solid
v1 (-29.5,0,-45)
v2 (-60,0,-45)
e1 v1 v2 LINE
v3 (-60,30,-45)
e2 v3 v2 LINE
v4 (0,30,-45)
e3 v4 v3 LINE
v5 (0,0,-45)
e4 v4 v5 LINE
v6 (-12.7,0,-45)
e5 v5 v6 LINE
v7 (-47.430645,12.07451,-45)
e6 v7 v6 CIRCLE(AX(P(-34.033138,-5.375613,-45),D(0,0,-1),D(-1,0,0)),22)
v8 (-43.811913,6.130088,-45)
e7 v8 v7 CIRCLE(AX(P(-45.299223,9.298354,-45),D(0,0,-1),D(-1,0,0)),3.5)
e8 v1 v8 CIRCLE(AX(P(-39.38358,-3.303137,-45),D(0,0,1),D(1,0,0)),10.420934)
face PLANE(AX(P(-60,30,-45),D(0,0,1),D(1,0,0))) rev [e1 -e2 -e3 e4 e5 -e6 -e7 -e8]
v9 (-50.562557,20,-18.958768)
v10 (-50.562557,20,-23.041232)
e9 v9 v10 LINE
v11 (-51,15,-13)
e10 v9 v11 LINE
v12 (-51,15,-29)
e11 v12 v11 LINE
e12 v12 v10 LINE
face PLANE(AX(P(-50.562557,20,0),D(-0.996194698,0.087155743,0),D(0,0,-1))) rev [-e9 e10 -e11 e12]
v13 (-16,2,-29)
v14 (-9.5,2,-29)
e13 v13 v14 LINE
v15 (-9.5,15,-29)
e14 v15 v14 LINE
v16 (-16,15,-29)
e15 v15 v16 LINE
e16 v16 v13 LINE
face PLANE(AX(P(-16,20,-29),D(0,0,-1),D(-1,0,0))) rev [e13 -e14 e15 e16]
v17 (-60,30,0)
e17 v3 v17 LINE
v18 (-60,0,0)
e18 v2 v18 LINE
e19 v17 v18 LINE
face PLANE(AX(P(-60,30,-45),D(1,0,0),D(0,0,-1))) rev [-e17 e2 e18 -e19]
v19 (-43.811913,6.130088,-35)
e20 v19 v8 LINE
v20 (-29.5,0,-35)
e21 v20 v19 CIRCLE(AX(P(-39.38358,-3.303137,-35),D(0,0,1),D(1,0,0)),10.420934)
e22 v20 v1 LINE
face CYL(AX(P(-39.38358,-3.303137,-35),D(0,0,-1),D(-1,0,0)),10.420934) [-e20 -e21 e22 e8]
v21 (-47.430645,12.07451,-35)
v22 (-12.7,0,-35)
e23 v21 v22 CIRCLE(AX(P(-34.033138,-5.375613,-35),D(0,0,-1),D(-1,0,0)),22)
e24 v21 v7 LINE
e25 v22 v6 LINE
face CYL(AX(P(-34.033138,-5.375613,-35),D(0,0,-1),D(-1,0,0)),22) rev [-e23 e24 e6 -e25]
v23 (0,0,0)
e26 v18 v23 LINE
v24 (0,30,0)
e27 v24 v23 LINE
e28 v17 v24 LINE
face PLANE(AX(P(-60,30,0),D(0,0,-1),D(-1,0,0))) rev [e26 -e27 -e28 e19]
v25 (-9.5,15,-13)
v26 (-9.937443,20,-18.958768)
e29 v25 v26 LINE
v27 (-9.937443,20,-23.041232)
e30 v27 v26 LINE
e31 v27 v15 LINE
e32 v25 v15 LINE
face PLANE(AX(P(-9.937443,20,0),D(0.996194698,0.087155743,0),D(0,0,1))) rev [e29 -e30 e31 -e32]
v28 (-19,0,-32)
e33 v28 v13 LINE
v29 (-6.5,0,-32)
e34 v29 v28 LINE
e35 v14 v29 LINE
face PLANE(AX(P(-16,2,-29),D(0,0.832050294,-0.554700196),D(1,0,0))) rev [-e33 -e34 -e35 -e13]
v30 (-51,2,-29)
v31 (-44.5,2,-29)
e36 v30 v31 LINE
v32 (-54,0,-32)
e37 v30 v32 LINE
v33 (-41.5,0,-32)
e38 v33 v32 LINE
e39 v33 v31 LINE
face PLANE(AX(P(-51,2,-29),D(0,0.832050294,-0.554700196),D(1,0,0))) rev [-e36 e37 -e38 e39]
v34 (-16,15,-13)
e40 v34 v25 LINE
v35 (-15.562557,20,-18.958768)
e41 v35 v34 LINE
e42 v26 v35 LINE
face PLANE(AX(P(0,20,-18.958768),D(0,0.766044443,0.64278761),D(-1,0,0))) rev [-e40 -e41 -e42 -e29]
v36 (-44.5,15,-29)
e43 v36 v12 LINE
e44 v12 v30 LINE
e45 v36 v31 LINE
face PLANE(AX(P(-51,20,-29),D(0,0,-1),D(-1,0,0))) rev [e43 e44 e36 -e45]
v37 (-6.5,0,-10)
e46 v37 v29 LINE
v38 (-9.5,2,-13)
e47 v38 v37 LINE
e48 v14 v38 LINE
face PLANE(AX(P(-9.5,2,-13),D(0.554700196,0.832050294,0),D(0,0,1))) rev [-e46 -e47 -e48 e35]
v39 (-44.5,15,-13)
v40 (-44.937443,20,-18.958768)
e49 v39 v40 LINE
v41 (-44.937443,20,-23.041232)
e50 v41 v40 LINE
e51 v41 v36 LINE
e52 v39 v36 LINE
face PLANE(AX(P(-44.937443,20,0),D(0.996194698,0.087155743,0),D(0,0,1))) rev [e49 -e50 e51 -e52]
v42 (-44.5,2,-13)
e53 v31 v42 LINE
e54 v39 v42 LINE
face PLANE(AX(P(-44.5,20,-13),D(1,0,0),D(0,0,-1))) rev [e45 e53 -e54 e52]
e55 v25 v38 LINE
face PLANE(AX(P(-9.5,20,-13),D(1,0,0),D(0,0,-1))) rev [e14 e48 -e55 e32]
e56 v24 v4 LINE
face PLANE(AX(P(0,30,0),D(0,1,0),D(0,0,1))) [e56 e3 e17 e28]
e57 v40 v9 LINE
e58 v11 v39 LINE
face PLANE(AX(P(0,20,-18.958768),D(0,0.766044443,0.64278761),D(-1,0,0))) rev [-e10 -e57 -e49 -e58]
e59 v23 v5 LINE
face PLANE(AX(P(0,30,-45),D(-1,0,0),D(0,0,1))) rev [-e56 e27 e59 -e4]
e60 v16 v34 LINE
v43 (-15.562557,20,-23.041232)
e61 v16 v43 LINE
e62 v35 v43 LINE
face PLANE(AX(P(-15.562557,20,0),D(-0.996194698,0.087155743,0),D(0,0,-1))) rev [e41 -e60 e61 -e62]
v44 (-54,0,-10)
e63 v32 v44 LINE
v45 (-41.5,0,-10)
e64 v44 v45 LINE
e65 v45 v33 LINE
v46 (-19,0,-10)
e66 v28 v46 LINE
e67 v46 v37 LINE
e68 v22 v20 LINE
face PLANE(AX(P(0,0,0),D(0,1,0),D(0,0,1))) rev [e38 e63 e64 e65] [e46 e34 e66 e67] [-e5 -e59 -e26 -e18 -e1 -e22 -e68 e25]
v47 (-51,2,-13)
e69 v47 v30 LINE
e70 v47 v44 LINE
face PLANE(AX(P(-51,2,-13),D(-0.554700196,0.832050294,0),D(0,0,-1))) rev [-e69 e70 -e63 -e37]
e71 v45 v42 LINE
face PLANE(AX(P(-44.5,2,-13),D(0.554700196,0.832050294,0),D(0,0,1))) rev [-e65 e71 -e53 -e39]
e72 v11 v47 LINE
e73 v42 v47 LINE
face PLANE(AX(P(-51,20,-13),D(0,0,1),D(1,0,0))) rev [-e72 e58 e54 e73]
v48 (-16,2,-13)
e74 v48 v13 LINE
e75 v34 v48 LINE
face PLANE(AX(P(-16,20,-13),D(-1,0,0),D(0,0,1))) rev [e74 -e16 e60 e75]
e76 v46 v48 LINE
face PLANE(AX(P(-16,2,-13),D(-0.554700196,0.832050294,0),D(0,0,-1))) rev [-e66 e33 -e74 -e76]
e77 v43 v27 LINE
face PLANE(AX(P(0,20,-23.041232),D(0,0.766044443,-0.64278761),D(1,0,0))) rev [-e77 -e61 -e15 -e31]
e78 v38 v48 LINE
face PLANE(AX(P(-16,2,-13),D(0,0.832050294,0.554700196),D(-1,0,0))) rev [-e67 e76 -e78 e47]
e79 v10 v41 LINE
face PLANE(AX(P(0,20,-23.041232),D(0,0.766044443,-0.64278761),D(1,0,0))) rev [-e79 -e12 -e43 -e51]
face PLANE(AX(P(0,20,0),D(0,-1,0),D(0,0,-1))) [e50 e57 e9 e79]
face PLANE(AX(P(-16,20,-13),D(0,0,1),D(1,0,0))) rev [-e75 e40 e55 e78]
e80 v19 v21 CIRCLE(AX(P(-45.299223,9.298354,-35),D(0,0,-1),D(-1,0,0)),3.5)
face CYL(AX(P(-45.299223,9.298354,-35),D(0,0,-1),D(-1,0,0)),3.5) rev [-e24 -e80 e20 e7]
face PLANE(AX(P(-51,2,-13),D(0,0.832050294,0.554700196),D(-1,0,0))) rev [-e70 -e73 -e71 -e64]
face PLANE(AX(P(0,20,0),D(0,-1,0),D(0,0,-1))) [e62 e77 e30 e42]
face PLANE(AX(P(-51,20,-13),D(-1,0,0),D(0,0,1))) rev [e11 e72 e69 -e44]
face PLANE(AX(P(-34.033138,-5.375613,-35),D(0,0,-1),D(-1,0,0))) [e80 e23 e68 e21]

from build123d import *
from OCP.BRepFilletAPI import BRepFilletAPI_MakeChamfer

# Parameters (mm, degrees)
SKETCH1_W           = 60
SKETCH1_H           = 45
BOSS_EXTRUDE1_DEPTH = 30
SKETCH2_W           = 6.5
SKETCH2_H           = 16
CUT_EXTRUDE1_DEPTH  = 20
CHAMFER1_SIZE       = 5
CHAMFER1_SIZE2      = 0.437443318
CHAMFER2_SIZE       = 5
CHAMFER2_SIZE2      = 5.958767963
CUT_EXTRUDE2_DEPTH  = 10
CHAMFER3_SIZE       = 3
CHAMFER3_SIZE2      = 2


with BuildPart() as part:
    # Sketch1 → Boss-Extrude1 (new body)
    with BuildSketch(Plane(origin=(0, 0, 0), x_dir=(1, 0, 0), z_dir=(0, 1, 0))):
        with Locations((-30, 22.5)):
            Rectangle(SKETCH1_W, SKETCH1_H)
    extrude(amount=BOSS_EXTRUDE1_DEPTH)

    # Sketch2 → Cut-Extrude1 (cut)
    with BuildSketch(Plane(origin=(0, 0, 0), x_dir=(-1, 0, 0), z_dir=(0, -1, 0))):
        with Locations((47.75, 21)):
            Rectangle(SKETCH2_W, SKETCH2_H)
        with Locations((12.75, 21)):
            Rectangle(SKETCH2_W, SKETCH2_H)
    extrude(amount=-CUT_EXTRUDE1_DEPTH, mode=Mode.SUBTRACT)

    # Chamfer1: one chamfer whose edges measure the first distance from different faces: ONE call of the kernel's chamfer builder (chamfer() names one face for all edges)
    chamfer1_edges_1 = [part.edges().sort_by_distance(p)[0] for p in [
        (-51, 20, -21),
    ]]
    chamfer1_side_1 = [part.faces().sort_by_distance(p)[0] for p in [
        (-51, 10, -21),
    ]]
    chamfer1_edges_2 = [part.edges().sort_by_distance(p)[0] for p in [
        (-44.5, 20, -21),
    ]]
    chamfer1_side_2 = [part.faces().sort_by_distance(p)[0] for p in [
        (-44.5, 10, -21),
    ]]
    chamfer1_edges_3 = [part.edges().sort_by_distance(p)[0] for p in [
        (-16, 20, -21),
    ]]
    chamfer1_side_3 = [part.faces().sort_by_distance(p)[0] for p in [
        (-16, 10, -21),
    ]]
    chamfer1_edges_4 = [part.edges().sort_by_distance(p)[0] for p in [
        (-9.5, 20, -21),
    ]]
    chamfer1_side_4 = [part.faces().sort_by_distance(p)[0] for p in [
        (-9.5, 10, -21),
    ]]
    chamfer1 = BRepFilletAPI_MakeChamfer(part.part.solid().wrapped)
    for e in chamfer1_edges_1:
        chamfer1.Add(CHAMFER1_SIZE, CHAMFER1_SIZE2, e.wrapped, chamfer1_side_1[0].wrapped)  # the first distance lies on this face
    for e in chamfer1_edges_2:
        chamfer1.Add(CHAMFER1_SIZE, CHAMFER1_SIZE2, e.wrapped, chamfer1_side_2[0].wrapped)  # the first distance lies on this face
    for e in chamfer1_edges_3:
        chamfer1.Add(CHAMFER1_SIZE, CHAMFER1_SIZE2, e.wrapped, chamfer1_side_3[0].wrapped)  # the first distance lies on this face
    for e in chamfer1_edges_4:
        chamfer1.Add(CHAMFER1_SIZE, CHAMFER1_SIZE2, e.wrapped, chamfer1_side_4[0].wrapped)  # the first distance lies on this face
    add(Compound.cast(chamfer1.Shape()), mode=Mode.REPLACE)

    # Chamfer2: one chamfer whose edges measure the first distance from different faces: ONE call of the kernel's chamfer builder (chamfer() names one face for all edges)
    chamfer2_edges_1 = [part.edges().sort_by_distance(p)[0] for p in [
        (-47.75, 20, -29),
    ]]
    chamfer2_side_1 = [part.faces().sort_by_distance(p)[0] for p in [
        (-47.75, 9.857394508, -29),
    ]]
    chamfer2_edges_2 = [part.edges().sort_by_distance(p)[0] for p in [
        (-12.75, 20, -29),
    ]]
    chamfer2_side_2 = [part.faces().sort_by_distance(p)[0] for p in [
        (-12.75, 9.857394508, -29),
    ]]
    chamfer2_edges_3 = [part.edges().sort_by_distance(p)[0] for p in [
        (-12.75, 20, -13),
    ]]
    chamfer2_side_3 = [part.faces().sort_by_distance(p)[0] for p in [
        (-12.75, 9.857394508, -13),
    ]]
    chamfer2_edges_4 = [part.edges().sort_by_distance(p)[0] for p in [
        (-47.75, 20, -13),
    ]]
    chamfer2_side_4 = [part.faces().sort_by_distance(p)[0] for p in [
        (-47.75, 9.857394508, -13),
    ]]
    chamfer2 = BRepFilletAPI_MakeChamfer(part.part.solid().wrapped)
    for e in chamfer2_edges_1:
        chamfer2.Add(CHAMFER2_SIZE, CHAMFER2_SIZE2, e.wrapped, chamfer2_side_1[0].wrapped)  # the first distance lies on this face
    for e in chamfer2_edges_2:
        chamfer2.Add(CHAMFER2_SIZE, CHAMFER2_SIZE2, e.wrapped, chamfer2_side_2[0].wrapped)  # the first distance lies on this face
    for e in chamfer2_edges_3:
        chamfer2.Add(CHAMFER2_SIZE, CHAMFER2_SIZE2, e.wrapped, chamfer2_side_3[0].wrapped)  # the first distance lies on this face
    for e in chamfer2_edges_4:
        chamfer2.Add(CHAMFER2_SIZE, CHAMFER2_SIZE2, e.wrapped, chamfer2_side_4[0].wrapped)  # the first distance lies on this face
    add(Compound.cast(chamfer2.Shape()), mode=Mode.REPLACE)

    # Sketch4 → Cut-Extrude2 (cut)
    with BuildSketch(Plane(origin=(0, 0, -45), x_dir=(-1, 0, 0), z_dir=(0, 0, -1))):
        with BuildLine():
            Line((12.7, 0), (29.5, 0))
            ThreePointArc((29.5, 0), (35.280602383, 6.276082414), (43.81191296, 6.13008847))
            ThreePointArc((43.81191296, 6.13008847), (48.288831578, 7.478397416), (47.430644896, 12.074510224))
            ThreePointArc((47.430644896, 12.074510224), (26.808734298, 15.404376803), (12.7, 0))
        make_face()
    extrude(amount=-CUT_EXTRUDE2_DEPTH, mode=Mode.SUBTRACT)

    # Chamfer3
    chamfer3_edges = [part.edges().sort_by_distance(p)[0] for p in [
        (-51, 0, -21),
        (-47.75, 0, -29),
        (-44.5, 0, -21),
        (-47.75, 0, -13),
        (-16, 0, -21),
        (-12.75, 0, -29),
        (-9.5, 0, -21),
        (-12.75, 0, -13),
    ]]
    chamfer3_side = [part.faces().sort_by_distance(p)[0] for p in [
        (-30.620998279, 0, -21.36919105),
    ]]
    chamfer(chamfer3_edges, length=CHAMFER3_SIZE, length2=CHAMFER3_SIZE2, reference=chamfer3_side[0])


solid = part.part
